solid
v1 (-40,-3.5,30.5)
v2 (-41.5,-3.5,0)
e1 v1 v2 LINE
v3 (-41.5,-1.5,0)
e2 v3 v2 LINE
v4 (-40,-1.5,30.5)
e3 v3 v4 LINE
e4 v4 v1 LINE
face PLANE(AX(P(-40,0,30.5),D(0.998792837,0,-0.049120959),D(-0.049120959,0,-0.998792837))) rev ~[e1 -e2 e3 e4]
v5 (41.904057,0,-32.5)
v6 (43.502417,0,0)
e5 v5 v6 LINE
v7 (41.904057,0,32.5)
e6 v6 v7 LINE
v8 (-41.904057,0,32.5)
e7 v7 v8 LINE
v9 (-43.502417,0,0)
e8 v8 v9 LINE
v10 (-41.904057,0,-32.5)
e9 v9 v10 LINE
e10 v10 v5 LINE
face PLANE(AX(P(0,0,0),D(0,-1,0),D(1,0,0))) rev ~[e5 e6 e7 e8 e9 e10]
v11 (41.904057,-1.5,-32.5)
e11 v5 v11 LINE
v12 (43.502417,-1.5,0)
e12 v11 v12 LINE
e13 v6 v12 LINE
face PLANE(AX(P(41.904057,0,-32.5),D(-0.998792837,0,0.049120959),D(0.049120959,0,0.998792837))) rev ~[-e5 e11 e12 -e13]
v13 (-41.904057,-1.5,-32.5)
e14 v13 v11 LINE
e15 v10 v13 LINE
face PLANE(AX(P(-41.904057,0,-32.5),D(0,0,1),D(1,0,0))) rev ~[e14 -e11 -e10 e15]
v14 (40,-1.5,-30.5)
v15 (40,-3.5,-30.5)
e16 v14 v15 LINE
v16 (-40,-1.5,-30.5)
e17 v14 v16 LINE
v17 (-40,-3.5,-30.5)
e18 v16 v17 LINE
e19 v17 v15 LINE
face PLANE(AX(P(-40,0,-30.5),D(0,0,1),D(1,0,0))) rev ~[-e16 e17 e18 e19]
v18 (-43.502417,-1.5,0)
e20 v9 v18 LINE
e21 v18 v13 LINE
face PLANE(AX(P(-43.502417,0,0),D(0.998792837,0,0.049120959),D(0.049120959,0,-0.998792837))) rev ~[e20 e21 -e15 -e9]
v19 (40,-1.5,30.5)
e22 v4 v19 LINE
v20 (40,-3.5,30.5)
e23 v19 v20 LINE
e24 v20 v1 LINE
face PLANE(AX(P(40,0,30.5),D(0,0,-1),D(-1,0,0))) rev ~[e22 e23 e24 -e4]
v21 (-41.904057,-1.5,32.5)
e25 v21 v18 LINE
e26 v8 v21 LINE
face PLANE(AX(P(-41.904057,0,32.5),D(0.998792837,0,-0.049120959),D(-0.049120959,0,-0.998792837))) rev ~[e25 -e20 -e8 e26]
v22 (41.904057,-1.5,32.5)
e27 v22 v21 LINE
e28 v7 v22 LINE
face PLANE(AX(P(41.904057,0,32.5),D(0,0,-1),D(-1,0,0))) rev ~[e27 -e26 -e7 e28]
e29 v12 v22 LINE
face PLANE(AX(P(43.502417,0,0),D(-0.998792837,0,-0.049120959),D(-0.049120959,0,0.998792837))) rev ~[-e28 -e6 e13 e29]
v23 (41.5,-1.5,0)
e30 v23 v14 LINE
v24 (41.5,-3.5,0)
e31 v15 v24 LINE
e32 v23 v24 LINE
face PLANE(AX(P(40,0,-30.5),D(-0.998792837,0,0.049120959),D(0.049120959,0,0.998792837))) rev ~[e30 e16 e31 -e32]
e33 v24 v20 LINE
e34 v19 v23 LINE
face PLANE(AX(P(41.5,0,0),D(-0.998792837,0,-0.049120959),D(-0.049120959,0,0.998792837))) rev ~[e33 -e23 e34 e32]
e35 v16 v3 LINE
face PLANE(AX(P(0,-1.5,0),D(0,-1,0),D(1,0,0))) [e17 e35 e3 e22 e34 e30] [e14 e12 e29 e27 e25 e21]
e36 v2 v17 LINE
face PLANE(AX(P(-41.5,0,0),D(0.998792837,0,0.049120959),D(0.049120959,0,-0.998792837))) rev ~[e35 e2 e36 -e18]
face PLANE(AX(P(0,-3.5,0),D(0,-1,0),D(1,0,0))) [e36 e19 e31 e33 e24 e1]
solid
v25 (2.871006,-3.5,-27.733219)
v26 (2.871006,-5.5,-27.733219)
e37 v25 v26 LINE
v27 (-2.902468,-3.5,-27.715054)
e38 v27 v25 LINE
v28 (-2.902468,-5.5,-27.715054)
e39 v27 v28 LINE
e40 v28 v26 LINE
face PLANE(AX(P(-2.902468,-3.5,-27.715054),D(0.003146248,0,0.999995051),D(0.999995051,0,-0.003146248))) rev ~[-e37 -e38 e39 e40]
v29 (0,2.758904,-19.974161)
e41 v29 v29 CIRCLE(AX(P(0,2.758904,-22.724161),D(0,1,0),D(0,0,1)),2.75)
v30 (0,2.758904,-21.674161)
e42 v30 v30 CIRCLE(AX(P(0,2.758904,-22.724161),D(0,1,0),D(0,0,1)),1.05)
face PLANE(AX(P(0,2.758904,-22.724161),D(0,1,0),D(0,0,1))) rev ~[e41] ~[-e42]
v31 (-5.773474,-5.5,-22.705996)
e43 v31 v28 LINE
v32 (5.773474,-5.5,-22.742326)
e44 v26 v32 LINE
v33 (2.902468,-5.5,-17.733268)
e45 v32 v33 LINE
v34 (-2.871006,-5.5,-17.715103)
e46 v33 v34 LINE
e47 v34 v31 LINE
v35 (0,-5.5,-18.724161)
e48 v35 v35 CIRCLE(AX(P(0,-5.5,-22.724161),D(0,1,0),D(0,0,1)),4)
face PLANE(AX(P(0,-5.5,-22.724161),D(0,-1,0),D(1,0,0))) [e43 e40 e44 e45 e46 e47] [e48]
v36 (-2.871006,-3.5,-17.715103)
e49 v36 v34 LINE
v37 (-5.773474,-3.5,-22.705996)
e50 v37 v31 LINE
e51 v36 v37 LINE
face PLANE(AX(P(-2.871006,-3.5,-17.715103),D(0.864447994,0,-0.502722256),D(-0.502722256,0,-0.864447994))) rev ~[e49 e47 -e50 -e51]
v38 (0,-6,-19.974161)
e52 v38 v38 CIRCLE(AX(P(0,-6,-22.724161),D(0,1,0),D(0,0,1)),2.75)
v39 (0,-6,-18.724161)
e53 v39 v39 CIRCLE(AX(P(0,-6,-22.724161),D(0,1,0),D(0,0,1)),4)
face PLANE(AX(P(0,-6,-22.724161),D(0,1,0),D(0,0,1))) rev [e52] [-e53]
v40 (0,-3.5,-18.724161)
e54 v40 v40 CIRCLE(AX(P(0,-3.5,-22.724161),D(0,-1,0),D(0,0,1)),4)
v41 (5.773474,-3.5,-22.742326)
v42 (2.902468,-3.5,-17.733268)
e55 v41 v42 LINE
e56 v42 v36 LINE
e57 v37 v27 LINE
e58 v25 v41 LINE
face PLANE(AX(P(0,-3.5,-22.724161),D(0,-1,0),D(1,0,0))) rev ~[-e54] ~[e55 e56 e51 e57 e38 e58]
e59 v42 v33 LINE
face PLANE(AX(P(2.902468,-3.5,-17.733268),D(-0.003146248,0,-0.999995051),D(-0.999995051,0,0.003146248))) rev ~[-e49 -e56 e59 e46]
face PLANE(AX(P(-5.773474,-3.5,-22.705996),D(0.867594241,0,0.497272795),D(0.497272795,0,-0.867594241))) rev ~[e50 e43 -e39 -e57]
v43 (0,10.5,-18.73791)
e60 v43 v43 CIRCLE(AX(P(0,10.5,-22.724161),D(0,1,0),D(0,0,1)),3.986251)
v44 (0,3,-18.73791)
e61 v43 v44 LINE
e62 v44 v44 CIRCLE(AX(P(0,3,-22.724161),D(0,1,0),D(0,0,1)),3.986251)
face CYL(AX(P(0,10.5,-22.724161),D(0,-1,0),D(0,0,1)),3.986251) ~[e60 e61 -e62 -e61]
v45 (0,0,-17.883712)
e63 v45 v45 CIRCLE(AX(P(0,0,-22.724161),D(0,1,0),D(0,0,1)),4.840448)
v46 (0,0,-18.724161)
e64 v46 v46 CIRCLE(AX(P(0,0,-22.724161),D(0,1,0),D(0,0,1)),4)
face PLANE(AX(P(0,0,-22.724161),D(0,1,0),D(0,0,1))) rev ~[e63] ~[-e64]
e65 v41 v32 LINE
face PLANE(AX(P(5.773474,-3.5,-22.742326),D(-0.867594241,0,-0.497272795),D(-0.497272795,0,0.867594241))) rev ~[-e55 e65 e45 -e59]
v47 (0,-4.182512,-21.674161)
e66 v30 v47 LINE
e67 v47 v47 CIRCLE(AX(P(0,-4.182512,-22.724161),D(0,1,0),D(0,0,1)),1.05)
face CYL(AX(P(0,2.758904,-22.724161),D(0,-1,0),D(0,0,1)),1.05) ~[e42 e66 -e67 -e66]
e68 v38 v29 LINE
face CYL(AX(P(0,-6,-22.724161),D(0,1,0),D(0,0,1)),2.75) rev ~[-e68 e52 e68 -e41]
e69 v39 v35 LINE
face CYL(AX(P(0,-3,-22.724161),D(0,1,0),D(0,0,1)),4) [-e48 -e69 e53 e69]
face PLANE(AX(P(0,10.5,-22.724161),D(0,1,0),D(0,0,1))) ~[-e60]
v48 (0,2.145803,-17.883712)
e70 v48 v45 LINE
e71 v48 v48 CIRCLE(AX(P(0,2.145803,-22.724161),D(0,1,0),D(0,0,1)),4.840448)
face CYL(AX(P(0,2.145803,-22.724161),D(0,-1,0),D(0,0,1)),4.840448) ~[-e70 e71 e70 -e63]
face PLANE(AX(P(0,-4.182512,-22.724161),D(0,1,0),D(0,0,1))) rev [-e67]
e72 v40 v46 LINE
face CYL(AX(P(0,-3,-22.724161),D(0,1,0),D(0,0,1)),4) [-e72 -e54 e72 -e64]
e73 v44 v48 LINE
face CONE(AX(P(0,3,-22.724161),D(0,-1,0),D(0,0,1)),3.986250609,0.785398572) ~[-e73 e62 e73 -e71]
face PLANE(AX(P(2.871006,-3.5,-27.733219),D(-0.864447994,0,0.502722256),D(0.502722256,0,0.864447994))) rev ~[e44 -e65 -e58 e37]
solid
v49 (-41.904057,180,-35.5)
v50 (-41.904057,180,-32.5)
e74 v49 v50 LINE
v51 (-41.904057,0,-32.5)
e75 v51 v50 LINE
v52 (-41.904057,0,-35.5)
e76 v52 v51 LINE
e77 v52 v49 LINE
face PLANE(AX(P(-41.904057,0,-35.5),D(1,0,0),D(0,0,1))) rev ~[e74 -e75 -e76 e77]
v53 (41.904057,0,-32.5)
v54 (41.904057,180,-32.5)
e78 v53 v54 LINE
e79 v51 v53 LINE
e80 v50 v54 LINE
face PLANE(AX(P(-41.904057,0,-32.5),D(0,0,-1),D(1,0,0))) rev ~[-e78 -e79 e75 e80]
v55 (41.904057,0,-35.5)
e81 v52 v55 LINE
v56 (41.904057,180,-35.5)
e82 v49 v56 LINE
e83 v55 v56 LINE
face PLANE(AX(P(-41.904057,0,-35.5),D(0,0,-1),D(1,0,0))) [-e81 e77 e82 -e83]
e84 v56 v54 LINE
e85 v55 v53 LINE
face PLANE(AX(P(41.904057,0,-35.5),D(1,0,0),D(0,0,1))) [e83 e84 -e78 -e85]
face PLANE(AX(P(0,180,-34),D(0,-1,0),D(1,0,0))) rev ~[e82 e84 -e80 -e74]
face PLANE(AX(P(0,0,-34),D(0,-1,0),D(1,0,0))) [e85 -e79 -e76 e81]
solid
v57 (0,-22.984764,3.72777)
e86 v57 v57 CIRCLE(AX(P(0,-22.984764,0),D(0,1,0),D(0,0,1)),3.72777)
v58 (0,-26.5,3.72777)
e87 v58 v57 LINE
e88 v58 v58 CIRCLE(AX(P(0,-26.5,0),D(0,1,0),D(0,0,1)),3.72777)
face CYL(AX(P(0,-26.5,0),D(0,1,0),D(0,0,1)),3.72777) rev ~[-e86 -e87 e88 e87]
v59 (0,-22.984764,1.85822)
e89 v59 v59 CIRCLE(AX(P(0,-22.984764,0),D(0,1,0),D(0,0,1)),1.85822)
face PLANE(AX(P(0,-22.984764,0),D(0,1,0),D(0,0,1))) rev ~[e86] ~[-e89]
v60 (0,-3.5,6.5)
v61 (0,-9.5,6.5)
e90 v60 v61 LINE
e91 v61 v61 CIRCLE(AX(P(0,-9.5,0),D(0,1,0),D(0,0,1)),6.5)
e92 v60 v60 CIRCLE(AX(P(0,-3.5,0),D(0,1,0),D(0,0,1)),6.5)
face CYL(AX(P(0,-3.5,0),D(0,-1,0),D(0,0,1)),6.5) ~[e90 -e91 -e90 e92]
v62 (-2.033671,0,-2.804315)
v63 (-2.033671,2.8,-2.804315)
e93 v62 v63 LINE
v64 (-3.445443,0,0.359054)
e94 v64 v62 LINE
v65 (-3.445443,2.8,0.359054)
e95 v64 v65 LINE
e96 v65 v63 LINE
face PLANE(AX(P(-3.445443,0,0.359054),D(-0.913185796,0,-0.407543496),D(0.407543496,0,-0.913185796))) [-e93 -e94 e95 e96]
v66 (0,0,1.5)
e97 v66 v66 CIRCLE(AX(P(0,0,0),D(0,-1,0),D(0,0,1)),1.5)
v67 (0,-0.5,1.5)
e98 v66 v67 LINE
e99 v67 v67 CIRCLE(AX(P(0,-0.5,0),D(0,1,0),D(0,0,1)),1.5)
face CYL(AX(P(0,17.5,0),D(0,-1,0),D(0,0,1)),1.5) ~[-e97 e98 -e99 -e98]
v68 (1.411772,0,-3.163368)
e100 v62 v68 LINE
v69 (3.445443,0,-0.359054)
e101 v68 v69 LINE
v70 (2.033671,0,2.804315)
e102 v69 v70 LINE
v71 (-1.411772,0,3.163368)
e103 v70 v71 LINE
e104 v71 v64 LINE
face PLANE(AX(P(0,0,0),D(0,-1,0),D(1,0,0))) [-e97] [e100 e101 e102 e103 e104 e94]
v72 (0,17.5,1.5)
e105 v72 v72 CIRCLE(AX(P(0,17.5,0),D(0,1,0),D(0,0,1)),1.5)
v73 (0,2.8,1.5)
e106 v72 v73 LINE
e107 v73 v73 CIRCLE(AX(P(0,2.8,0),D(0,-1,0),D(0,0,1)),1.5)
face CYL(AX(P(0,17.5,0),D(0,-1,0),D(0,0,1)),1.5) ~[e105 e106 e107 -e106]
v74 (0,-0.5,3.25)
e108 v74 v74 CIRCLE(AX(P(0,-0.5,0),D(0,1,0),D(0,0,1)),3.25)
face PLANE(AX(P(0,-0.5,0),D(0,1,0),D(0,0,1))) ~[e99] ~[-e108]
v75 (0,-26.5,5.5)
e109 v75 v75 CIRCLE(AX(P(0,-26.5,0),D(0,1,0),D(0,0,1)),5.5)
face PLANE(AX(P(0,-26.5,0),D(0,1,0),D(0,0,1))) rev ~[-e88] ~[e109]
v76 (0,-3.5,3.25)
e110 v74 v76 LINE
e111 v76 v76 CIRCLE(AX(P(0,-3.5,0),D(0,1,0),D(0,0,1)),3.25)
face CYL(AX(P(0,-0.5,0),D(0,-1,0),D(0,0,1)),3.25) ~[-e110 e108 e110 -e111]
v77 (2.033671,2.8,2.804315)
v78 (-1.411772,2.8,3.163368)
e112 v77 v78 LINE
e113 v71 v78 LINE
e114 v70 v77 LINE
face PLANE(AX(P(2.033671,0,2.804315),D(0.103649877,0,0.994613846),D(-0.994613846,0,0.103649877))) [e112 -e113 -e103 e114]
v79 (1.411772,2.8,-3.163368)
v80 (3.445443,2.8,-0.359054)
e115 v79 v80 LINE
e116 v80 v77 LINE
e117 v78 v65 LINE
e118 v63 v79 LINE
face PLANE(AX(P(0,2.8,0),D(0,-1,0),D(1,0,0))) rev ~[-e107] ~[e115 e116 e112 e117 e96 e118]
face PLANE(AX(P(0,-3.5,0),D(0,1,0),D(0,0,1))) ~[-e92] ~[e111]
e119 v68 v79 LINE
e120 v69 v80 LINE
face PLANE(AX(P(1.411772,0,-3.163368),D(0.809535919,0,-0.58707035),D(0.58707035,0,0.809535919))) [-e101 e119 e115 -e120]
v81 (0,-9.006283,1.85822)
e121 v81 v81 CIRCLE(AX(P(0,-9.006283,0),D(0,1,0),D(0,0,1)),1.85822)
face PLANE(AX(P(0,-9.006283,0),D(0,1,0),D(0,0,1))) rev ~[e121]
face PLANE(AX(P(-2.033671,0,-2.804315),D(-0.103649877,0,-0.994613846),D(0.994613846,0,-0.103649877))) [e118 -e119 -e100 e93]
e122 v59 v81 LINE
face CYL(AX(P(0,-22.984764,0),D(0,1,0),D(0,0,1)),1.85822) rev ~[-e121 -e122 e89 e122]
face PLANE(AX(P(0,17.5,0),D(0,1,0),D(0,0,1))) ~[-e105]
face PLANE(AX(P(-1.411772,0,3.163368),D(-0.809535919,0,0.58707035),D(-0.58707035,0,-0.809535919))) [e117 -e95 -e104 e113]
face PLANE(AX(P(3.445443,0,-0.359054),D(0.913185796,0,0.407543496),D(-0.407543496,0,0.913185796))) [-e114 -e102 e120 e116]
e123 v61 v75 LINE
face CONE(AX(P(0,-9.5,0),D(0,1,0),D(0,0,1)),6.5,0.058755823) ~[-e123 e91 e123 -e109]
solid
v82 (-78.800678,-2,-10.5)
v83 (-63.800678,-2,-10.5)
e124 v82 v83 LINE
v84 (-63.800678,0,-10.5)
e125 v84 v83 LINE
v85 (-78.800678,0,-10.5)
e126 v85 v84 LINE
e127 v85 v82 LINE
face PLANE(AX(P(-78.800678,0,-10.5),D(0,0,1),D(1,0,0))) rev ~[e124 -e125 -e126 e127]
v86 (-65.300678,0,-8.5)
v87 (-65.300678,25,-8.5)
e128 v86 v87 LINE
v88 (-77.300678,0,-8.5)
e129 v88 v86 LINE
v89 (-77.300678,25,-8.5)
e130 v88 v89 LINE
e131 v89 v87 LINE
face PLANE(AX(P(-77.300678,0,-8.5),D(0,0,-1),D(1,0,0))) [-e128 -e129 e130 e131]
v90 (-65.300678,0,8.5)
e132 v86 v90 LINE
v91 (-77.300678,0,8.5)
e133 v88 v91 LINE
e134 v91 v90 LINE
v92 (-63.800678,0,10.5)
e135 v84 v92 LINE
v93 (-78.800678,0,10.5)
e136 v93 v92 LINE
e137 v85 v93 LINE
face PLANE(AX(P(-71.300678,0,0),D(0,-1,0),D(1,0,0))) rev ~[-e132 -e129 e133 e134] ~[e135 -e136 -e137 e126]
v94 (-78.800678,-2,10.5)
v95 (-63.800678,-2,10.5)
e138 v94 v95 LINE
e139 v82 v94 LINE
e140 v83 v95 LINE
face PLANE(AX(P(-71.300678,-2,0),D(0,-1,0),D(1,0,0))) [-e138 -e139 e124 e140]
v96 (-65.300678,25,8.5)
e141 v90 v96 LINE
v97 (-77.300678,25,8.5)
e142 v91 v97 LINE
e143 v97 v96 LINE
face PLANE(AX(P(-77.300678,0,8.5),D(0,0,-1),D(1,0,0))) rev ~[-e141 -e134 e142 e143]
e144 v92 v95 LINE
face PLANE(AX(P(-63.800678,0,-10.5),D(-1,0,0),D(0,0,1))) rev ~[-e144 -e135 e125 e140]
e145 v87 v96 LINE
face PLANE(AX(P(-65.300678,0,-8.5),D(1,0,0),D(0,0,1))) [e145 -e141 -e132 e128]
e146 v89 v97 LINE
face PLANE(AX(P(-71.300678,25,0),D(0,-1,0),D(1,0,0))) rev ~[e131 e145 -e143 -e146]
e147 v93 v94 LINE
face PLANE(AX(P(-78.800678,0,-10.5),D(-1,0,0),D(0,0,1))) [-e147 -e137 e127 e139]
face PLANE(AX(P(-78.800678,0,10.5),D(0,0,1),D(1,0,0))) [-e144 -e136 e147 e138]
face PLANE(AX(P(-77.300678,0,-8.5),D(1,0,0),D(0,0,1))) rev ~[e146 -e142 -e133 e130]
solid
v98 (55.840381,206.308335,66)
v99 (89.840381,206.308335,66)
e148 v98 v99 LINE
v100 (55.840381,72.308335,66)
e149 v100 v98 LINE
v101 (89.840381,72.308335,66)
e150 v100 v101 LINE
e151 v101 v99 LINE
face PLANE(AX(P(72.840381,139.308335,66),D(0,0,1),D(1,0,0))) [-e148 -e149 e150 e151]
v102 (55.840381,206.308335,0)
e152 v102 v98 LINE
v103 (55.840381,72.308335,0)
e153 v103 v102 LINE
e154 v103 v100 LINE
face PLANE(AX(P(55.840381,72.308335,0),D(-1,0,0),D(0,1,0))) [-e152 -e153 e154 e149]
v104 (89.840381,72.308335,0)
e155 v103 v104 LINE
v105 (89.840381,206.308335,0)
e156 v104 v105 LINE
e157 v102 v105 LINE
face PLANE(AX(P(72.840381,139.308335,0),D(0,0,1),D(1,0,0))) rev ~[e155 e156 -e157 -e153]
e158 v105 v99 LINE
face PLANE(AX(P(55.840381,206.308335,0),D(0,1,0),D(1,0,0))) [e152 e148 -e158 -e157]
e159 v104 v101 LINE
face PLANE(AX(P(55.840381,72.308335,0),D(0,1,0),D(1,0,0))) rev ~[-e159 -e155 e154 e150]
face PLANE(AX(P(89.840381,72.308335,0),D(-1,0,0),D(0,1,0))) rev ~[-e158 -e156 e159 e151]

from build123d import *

# Parameters (mm, degrees)
F1_DEPTH  = 3.5
F2_DEPTH  = 1.5
F0_W      = 12
F0_H      = 17
F3_DEPTH  = 25
F0_W_2    = 15
F0_H_2    = 21
F4_DEPTH  = 2
F5_W      = 4.1825124063
F5_H      = 1.05
F5_W_2    = 2.7589036617
F5_W_3    = 6
F5_H_2    = 1.25
F8_R      = 4
F9_DEPTH  = 2
F11_DEPTH = 2.8
F12_W     = 34
F12_H     = 134
F13_DEPTH = 66
F14_W     = 83.8081131763
F14_H     = 3
F15_DEPTH = 180


with BuildPart() as f1:
    # F0 (on Front) → F1 (new body)
    with BuildSketch(Plane.XZ):
        Polygon((-40, -30.5), (40, -30.5), (41.5, 0), (40, 30.5), (-40, 30.5), (-41.5, 0), align=None)
    extrude(amount=F1_DEPTH)

    # F0 (on Front) → F2 (join)
    with BuildSketch(Plane.XZ):
        Polygon((43.5024172439, 0), (41.9040565881, 32.5), (-41.9040565881, 32.5), (-43.5024172439, 0), (-41.9040565881, -32.5), (41.9040565881, -32.5), align=None)
        Polygon((41.5, 0), (40, -30.5), (-40, -30.5), (-41.5, 0), (-40, 30.5), (40, 30.5), align=None, mode=Mode.SUBTRACT)
    extrude(amount=F2_DEPTH)


with BuildPart() as f3:
    # F0 (on Front) → F3 (new body)
    with BuildSketch(Plane.XZ):
        with Locations((-71.3006779552, 0)):
            Rectangle(F0_W, F0_H)
    extrude(amount=-F3_DEPTH)

    # F0 (on Front) → F4 (join)
    with BuildSketch(Plane.XZ):
        with Locations((-71.3006779552, 0)):
            Rectangle(F0_W_2, F0_H_2)
        with Locations((-71.3006779552, 0)):
            Rectangle(F0_W, F0_H, mode=Mode.SUBTRACT)
        with Locations((-71.3006779552, 0)):
            Rectangle(F0_W, F0_H)
    extrude(amount=F4_DEPTH)


with BuildPart() as f6:
    # F5 (on Right) → F6 (revolve)
    with BuildSketch(Plane.YZ):
        Polygon((-3.5, 3.25), (-3.5, 6.5), (-9.5, 6.5), (-26.5, 5.5), (-26.5, 3.727769712), (-22.9847636074, 3.727769712), (-22.9847636074, 1.8582198536), (-9.006283246, 1.8582198536), (-9.006283246, 0), (-3.5, 0), align=None)
        Polygon((-0.5, 3.25), (-3.5, 3.25), (-3.5, 0), (-0.5, 0), (-0.5, 1.5), align=None)
        Polygon((-0.5, 1.5), (-0.5, 0), (0, 0), (17.5, 0), (17.5, 1.5), align=None)
    revolve(axis=Axis((0, -15, 0), (0, 1, 0)))

    # F10 (on face) → F11 (join)
    with BuildSketch(Plane.XZ):
        Polygon((-1.4117720832, 3.1633683923), (-3.4454434308, 0.3590537077), (-2.0336713476, -2.8043146845), (1.4117720832, -3.1633683923), (3.4454434308, -0.3590537077), (2.0336713476, 2.8043146845), align=None)
    extrude(amount=-F11_DEPTH)


with BuildPart() as f7:
    # F5 (on Right) → F7 (revolve)
    with BuildSketch(Plane.YZ):
        with Locations((-2.0912562031, -22.1991609246)):
            Rectangle(F5_W, F5_H)
        with Locations((1.3794518309, -22.1991609246)):
            Rectangle(F5_W_2, F5_H)
        Polygon((2.1458028089, -17.8837124258), (0, -17.8837124258), (0, -18.7241609246), (0, -19.9741609246), (2.7589036617, -19.9741609246), (2.7589036617, -21.6741609246), (2.7589036617, -22.7241609246), (10.5, -22.7241609246), (10.5, -18.7379103154), (3, -18.7379103154), align=None)
        with Locations((-3, -19.3491609246)):
            Rectangle(F5_W_3, F5_H_2)
    revolve(axis=Axis((0, 3.4161561243, -22.7241609246), (0, 1, 0)))

    # F8 (on face) → F9 (join)
    with BuildSketch(Plane.XZ.offset(3.5)):
        Polygon((5.7734741162, -22.7423257935), (2.9024682961, -17.7332681063), (-2.8710058201, -17.7151032373), (-5.7734741162, -22.7059960556), (-2.9024682961, -27.7150537428), (2.8710058201, -27.7332186118), align=None)
        with Locations((0, -22.7241609246)):
            Circle(F8_R, mode=Mode.SUBTRACT)
    extrude(amount=F9_DEPTH)


with BuildPart() as f13:
    # F12 (on Top) → F13 (new body)
    with BuildSketch(Plane.XY):
        with Locations((72.8403810198, 139.3083352596)):
            Rectangle(F12_W, F12_H)
    extrude(amount=F13_DEPTH)


with BuildPart() as f15:
    # F14 (on Front) → F15 (new body)
    with BuildSketch(Plane.XZ):
        with Locations((0, -34)):
            Rectangle(F14_W, F14_H)
    extrude(amount=-F15_DEPTH)


solid = Compound([f1.part, f3.part, f6.part, f7.part, f13.part, f15.part])
